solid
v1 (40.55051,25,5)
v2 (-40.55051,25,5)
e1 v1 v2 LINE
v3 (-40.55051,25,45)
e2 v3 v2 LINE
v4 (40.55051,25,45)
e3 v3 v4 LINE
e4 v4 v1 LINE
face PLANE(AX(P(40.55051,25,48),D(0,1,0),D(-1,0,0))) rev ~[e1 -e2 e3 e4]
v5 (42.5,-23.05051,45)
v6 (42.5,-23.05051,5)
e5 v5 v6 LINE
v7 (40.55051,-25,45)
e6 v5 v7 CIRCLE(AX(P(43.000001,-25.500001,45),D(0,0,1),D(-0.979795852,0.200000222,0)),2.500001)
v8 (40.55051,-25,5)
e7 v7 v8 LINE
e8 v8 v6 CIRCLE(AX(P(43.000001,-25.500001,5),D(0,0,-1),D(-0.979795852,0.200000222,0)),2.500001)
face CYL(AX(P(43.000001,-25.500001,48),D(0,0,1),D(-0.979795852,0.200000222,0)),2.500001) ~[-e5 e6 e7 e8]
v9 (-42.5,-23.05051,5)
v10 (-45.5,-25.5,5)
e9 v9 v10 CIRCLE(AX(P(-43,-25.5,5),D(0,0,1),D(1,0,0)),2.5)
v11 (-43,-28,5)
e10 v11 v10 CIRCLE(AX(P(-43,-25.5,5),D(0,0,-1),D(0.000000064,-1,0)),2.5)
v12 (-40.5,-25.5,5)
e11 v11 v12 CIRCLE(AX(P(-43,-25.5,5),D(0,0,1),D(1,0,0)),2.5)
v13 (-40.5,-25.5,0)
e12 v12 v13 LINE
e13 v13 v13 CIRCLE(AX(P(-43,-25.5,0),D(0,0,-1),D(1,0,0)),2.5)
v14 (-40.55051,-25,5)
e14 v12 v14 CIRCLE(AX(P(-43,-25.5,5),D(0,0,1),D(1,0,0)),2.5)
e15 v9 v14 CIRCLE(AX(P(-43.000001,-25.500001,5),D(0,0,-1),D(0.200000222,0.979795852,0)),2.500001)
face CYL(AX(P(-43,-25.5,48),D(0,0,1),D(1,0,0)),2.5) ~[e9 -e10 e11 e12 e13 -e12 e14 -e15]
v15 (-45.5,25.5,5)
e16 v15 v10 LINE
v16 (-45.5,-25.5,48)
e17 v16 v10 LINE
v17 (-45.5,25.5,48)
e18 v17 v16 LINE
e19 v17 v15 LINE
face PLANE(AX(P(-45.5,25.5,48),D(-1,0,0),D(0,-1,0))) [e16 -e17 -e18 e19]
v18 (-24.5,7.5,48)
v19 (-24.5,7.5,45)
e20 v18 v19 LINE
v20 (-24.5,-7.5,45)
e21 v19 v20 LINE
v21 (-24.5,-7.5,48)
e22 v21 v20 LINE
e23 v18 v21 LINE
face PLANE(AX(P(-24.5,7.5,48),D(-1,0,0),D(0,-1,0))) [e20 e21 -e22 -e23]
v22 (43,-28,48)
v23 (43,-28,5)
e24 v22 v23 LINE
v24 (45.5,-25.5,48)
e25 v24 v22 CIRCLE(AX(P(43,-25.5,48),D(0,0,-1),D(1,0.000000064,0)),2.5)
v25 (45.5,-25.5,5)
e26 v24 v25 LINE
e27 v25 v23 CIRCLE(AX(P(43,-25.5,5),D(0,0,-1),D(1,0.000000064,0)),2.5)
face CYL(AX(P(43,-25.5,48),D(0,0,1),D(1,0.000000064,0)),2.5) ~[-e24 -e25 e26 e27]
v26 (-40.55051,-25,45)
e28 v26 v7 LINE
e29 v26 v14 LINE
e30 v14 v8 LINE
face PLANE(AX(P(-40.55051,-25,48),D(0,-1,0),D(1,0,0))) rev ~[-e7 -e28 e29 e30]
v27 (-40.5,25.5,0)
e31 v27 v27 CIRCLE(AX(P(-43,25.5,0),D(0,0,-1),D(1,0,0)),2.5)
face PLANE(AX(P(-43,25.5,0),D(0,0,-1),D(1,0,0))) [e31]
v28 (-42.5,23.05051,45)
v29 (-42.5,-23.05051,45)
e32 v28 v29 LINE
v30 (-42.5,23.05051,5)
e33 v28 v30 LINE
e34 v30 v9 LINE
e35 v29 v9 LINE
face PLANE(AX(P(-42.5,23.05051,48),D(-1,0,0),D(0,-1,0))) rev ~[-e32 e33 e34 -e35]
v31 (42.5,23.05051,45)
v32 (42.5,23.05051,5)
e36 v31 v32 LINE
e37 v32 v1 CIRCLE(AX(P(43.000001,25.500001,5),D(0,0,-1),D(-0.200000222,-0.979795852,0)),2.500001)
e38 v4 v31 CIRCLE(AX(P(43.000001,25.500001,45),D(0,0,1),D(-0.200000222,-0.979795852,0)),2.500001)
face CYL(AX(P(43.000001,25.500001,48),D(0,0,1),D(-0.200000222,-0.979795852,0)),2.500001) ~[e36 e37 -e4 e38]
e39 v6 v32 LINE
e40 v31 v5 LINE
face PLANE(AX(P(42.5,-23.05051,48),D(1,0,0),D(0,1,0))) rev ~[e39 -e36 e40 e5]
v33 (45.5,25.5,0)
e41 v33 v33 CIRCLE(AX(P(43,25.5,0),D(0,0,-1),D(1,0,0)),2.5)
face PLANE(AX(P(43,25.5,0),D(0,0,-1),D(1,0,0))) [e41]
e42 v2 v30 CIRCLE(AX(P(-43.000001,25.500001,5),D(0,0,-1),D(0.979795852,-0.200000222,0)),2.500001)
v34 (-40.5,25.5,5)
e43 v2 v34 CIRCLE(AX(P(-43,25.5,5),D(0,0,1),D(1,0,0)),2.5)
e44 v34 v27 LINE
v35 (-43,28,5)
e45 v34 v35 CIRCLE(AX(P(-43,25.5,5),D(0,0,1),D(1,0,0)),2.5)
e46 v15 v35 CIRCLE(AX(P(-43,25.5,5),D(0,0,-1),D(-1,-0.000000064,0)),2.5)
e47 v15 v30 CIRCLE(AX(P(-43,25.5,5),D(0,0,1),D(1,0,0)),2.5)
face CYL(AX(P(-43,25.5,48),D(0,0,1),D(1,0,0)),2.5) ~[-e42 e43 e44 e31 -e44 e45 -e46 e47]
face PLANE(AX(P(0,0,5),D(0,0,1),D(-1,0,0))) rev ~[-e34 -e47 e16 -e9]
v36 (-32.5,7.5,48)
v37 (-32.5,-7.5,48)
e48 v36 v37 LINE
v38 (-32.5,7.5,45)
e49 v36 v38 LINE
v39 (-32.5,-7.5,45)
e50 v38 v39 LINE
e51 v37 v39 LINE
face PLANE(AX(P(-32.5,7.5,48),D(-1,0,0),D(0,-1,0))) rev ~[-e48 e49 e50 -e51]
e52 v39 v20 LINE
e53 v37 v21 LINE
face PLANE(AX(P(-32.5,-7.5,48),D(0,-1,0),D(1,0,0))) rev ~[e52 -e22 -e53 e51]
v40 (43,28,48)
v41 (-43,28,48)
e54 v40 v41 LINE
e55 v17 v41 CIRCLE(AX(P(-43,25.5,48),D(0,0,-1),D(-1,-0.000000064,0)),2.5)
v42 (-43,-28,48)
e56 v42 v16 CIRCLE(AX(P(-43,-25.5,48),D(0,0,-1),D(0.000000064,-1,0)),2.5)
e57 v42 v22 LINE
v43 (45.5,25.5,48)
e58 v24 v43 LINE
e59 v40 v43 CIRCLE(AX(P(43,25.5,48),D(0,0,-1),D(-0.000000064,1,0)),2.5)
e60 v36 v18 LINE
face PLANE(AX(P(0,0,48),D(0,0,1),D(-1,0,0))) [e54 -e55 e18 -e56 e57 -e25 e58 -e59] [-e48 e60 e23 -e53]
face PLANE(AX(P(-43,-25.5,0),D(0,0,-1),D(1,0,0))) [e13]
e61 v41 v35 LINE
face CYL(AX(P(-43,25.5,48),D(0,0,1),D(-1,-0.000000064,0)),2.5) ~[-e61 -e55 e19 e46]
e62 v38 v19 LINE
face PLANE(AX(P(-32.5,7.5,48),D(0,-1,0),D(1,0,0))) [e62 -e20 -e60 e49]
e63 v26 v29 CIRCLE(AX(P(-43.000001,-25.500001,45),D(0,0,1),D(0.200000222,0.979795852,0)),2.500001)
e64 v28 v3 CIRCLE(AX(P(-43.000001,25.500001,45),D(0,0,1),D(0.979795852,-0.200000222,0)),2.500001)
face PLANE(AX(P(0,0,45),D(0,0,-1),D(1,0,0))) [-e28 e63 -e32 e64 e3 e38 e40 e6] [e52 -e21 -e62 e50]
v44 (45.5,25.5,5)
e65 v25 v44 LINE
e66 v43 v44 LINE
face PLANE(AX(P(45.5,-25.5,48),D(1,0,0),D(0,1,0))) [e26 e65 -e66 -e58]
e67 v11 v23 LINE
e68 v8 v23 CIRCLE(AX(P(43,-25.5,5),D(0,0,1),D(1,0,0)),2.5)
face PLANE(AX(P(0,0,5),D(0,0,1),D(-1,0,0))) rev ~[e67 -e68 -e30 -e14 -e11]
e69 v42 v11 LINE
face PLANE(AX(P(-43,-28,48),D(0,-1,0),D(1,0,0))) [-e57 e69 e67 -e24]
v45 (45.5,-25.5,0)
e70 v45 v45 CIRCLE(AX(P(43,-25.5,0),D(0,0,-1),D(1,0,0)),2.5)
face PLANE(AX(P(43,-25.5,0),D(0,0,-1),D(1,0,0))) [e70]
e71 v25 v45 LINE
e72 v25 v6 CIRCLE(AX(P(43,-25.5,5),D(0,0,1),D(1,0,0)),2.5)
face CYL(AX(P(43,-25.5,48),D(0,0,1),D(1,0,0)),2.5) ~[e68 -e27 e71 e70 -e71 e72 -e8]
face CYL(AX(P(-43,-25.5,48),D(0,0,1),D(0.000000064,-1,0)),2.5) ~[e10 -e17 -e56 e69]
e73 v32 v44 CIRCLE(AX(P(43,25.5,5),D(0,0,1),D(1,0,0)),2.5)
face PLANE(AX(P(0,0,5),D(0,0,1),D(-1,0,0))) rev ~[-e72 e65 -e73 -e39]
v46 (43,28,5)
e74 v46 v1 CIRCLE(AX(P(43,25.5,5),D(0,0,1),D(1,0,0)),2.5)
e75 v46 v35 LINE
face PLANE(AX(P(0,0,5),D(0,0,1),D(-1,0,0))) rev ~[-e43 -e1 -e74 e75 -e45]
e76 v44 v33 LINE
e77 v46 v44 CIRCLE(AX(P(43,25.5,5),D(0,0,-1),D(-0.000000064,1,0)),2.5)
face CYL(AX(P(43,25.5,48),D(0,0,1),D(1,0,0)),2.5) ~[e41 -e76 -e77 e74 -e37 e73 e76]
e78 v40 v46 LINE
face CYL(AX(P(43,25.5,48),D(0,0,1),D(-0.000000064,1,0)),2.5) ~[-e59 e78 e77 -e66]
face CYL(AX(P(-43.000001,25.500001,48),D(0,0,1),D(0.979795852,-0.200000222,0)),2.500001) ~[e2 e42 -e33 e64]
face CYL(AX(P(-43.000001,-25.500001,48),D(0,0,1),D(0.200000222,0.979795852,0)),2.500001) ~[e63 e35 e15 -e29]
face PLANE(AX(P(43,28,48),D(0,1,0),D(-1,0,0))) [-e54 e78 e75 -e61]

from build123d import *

# Parameters (mm, degrees)
PAD009_DEPTH            = 43
SKETCH022_W             = 85
SKETCH022_H             = 50
SKETCH022_W_2           = 8
SKETCH022_H_2           = 15
PAD010_DEPTH            = 3
SKETCH002_R             = 2.5
PAD011_DEPTH            = 48
BODY009_PLACEMENT_ANGLE = 90


with BuildPart() as part:
    # Sketch021 → Pad009 (new body)
    with BuildSketch(Plane.XZ):
        with BuildLine():
            Line((-43, 28), (43, 28))
            ThreePointArc((45.5, 25.5), (44.767767, 27.267767), (43, 28))
            Line((45.5, 25.5), (45.5, -25.5))
            ThreePointArc((43, -28), (44.767767, -27.267767), (45.5, -25.5))
            Line((43, -28), (-43, -28))
            ThreePointArc((-45.5, -25.5), (-44.767767, -27.267767), (-43, -28))
            Line((-45.5, -25.5), (-45.5, 25.5))
            ThreePointArc((-43, 28), (-44.767767, 27.267767), (-45.5, 25.5))
        make_face()
        with BuildLine():
            Line((-40.55051, 25), (40.55051, 25))
            ThreePointArc((40.55051, 25), (41.232233, 23.732233), (42.5, 23.05051))
            Line((42.5, 23.05051), (42.5, -23.05051))
            ThreePointArc((42.5, -23.05051), (41.232233, -23.732233), (40.55051, -25))
            Line((40.55051, -25), (-40.55051, -25))
            ThreePointArc((-40.55051, -25), (-41.232233, -23.732233), (-42.5, -23.05051))
            Line((-42.5, -23.05051), (-42.5, 23.05051))
            ThreePointArc((-42.5, 23.05051), (-41.232233, 23.732233), (-40.55051, 25))
        make_face(mode=Mode.SUBTRACT)
    extrude(amount=PAD009_DEPTH)

    # Sketch022 → Pad010 (join)
    with BuildSketch(Plane.XZ):
        Rectangle(SKETCH022_W, SKETCH022_H)
        with Locations((-28.5, 0)):
            Rectangle(SKETCH022_W_2, SKETCH022_H_2, mode=Mode.SUBTRACT)
    extrude(amount=PAD010_DEPTH)

    # Sketch002 → Pad011 (join)
    with BuildSketch(Plane.XZ):
        with Locations((-43, 25.5)):
            Circle(SKETCH002_R)
        with Locations((43, 25.5)):
            Circle(SKETCH002_R)
        with Locations((43, -25.5)):
            Circle(SKETCH002_R)
        with Locations((-43, -25.5)):
            Circle(SKETCH002_R)
    extrude(amount=PAD011_DEPTH)


with BuildPart() as part_1:
    # Body009 placement: moved
    add(part.part.moved(Location((0, 0, 48))).rotate(Axis((0, 0, 48), (1, 0, 0)), BODY009_PLACEMENT_ANGLE))


solid = part_1.part
